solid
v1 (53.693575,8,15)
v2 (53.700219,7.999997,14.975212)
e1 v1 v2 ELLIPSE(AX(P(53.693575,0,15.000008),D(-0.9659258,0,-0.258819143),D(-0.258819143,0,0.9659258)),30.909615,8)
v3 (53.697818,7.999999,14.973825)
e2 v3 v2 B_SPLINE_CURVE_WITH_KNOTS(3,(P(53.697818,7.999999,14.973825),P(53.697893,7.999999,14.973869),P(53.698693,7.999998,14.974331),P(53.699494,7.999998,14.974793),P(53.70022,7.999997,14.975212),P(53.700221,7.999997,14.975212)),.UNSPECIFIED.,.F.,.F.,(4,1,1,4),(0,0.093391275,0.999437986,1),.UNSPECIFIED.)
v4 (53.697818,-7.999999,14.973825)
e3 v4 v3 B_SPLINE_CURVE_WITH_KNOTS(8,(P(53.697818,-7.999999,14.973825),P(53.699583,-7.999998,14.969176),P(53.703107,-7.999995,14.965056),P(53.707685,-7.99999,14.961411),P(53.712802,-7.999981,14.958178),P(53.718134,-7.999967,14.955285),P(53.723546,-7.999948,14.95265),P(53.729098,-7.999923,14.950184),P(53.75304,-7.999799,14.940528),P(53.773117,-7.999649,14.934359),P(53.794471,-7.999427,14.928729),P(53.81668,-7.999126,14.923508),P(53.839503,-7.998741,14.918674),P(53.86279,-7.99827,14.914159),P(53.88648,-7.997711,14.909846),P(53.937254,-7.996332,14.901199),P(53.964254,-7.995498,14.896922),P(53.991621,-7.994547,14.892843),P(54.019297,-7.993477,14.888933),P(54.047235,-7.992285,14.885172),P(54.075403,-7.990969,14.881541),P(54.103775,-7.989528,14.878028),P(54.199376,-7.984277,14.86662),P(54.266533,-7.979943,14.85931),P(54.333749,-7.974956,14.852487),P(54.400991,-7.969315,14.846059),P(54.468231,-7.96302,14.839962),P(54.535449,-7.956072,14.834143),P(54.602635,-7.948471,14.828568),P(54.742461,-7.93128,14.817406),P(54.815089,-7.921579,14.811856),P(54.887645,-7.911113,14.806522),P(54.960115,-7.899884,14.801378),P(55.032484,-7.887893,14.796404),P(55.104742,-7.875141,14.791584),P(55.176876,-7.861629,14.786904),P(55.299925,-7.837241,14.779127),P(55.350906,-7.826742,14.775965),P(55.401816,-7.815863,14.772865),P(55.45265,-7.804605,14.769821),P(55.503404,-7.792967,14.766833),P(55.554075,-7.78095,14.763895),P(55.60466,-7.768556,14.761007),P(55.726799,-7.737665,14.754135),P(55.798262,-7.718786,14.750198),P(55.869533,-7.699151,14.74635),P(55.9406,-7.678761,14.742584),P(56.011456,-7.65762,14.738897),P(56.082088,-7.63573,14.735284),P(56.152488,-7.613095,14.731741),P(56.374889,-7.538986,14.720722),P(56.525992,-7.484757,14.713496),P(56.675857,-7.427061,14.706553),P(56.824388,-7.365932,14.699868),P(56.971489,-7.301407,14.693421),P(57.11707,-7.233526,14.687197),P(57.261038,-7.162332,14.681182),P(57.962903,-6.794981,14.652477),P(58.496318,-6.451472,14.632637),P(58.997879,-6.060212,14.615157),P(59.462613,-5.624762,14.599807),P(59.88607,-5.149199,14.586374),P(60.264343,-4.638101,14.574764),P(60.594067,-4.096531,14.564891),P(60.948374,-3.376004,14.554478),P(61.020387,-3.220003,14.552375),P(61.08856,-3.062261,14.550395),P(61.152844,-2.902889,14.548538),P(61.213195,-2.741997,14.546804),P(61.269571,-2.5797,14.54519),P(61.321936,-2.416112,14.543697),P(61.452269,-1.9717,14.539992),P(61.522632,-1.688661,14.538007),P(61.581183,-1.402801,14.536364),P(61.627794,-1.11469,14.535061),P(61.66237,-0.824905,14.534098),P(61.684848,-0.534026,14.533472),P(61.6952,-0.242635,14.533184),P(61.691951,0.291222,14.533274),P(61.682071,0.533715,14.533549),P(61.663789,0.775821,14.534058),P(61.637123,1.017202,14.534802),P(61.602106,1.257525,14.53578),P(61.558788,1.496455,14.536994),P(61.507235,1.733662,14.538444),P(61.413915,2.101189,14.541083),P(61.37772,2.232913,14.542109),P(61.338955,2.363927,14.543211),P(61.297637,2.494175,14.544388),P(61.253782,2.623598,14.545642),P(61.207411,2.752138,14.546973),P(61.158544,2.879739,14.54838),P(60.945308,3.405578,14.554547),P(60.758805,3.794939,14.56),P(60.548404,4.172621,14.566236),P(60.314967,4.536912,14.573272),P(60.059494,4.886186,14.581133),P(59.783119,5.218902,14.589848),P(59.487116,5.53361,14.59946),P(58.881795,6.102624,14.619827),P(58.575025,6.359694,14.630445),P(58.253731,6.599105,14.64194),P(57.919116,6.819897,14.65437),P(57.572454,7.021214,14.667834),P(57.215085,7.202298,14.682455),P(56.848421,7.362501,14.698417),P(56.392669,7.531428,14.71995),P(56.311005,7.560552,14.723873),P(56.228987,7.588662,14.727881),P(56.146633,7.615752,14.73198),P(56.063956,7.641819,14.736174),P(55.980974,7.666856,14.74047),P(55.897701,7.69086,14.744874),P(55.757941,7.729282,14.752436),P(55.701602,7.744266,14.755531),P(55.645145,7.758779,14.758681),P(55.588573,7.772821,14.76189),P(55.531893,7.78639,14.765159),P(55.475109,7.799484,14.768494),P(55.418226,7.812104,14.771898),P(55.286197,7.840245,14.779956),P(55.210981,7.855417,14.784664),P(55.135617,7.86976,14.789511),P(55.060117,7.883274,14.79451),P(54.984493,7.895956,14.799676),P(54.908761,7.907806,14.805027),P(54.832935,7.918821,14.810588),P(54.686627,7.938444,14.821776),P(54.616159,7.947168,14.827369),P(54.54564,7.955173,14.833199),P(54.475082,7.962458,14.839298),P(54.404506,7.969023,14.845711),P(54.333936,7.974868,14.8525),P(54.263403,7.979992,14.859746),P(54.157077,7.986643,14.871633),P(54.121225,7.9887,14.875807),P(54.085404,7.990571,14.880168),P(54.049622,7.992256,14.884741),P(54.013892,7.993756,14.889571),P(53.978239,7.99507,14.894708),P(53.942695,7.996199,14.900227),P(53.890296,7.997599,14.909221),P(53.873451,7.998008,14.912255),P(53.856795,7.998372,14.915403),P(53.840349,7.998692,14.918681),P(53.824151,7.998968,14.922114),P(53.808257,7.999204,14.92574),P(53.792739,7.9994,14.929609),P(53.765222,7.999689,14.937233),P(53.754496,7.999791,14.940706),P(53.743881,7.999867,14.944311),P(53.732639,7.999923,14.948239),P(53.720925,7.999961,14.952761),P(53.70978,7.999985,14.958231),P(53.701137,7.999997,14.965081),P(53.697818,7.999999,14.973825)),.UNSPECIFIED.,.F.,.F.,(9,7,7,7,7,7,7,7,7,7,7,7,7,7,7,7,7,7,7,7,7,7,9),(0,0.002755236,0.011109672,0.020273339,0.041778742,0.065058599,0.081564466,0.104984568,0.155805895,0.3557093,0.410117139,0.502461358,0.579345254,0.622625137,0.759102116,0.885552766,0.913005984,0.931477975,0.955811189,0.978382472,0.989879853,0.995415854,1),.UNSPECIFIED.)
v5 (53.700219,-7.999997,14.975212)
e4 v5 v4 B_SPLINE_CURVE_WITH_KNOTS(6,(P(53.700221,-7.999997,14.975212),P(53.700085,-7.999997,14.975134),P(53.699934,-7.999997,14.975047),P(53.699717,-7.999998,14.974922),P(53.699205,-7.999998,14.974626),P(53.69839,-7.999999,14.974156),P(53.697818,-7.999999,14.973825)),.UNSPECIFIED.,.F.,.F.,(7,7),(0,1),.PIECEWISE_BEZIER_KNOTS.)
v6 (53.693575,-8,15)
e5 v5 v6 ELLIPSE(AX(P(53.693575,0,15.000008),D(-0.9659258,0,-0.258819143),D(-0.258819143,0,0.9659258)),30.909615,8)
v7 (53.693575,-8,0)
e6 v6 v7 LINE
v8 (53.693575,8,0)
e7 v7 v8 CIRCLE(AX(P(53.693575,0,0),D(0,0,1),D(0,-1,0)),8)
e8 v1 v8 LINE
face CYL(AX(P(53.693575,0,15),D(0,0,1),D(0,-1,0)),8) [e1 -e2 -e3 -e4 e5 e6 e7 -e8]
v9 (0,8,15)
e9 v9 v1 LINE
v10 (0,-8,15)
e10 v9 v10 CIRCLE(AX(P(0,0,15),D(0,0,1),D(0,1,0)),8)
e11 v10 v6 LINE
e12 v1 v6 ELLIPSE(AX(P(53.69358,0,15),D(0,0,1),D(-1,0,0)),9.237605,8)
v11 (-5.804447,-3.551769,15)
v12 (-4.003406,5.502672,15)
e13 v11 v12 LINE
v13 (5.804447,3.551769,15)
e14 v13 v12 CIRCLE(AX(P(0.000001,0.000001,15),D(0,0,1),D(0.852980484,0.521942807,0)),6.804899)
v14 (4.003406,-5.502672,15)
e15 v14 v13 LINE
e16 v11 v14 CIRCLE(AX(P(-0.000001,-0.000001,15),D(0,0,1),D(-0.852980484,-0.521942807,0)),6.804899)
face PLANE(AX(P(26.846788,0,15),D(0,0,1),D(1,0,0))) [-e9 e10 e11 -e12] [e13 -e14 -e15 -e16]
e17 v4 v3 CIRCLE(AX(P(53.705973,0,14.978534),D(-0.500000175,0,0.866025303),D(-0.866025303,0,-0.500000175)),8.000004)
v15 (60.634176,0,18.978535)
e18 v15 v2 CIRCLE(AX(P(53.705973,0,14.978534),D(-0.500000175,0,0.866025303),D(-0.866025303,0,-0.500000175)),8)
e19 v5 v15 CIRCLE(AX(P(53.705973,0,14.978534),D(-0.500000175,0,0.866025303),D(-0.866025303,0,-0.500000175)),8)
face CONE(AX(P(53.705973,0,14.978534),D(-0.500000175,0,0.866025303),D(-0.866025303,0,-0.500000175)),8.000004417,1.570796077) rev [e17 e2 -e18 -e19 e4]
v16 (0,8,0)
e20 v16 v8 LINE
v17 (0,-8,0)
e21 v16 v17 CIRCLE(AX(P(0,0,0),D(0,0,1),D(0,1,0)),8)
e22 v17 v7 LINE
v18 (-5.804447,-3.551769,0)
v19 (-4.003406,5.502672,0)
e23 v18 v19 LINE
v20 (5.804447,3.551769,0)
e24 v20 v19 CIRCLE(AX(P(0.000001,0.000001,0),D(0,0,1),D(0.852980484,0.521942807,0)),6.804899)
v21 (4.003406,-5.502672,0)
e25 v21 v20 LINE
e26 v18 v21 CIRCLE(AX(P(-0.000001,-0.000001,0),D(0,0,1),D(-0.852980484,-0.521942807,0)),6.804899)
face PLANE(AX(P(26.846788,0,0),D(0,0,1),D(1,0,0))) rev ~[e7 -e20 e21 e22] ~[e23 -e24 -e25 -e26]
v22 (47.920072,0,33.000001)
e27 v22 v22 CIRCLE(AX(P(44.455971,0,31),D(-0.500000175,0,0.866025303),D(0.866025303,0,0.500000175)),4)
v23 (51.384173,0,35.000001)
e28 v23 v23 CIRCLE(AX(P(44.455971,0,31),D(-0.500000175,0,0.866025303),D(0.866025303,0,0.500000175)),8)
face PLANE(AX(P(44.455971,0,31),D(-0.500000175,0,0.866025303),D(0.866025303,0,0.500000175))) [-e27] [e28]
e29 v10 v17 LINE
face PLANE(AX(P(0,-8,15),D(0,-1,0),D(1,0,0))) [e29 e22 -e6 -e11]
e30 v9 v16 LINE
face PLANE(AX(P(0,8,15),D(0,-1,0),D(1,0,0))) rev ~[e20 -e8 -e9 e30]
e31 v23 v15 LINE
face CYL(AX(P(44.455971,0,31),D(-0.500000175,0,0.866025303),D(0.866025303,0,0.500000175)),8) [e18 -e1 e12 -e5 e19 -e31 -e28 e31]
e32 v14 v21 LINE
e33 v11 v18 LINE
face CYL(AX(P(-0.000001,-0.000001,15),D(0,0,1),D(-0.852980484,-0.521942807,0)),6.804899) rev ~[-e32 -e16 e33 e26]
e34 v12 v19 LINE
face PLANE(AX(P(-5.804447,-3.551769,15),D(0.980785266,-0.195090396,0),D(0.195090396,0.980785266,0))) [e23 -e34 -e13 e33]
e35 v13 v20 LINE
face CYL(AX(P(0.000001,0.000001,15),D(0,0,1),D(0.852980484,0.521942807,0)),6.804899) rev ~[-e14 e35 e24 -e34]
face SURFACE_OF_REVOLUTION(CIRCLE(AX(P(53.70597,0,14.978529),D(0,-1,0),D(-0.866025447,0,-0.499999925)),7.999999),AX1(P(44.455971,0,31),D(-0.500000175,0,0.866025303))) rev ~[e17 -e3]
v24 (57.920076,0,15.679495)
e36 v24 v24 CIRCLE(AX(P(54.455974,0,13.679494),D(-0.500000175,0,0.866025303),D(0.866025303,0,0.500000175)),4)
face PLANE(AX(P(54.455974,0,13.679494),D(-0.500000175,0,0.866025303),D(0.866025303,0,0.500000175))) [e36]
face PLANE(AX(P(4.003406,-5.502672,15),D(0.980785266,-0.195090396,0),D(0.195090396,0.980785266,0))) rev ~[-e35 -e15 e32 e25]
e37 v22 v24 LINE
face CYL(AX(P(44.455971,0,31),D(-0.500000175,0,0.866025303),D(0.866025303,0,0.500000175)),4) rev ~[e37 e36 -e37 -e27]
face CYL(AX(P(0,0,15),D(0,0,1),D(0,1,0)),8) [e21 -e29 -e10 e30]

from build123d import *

# Parameters (mm, degrees)
SKETCH011_R     = 8
PAD003_DEPTH    = 18.5
PAD004_DEPTH    = 15
POCKET004_DEPTH = 15.001
SKETCH015_R     = 4
POCKET005_DEPTH = 20


with BuildPart() as part:
    # Sketch011 (on DatumPlane) → Pad003 (new body)
    with BuildSketch(Plane(origin=(44.455971, 0, 0), x_dir=(0.866025, 0, 0.5), z_dir=(-0.5, 0, 0.866025))):
        Circle(SKETCH011_R)
    extrude(amount=-PAD003_DEPTH)

    # Sketch012 → Revolution001 (revolve)
    with BuildSketch(Plane.XZ):
        with BuildLine():
            ThreePointArc((46.777767, -20.02147), (51.635418, -23.748877), (57.705971, -22.949673))
            Line((53.705971, -16.02147), (57.705971, -22.949673))
            Line((46.777767, -20.02147), (53.705971, -16.02147))
        make_face()
    revolve(axis=Axis((44.455971, 0, 0), (-0.5, 0, 0.866025)))

    # Sketch013 (on DatumPlane) → Pad004 (join)
    with BuildSketch(Plane.XY.offset(-16)):
        with BuildLine():
            ThreePointArc((0, 8), (-8, 0), (0, -8))
            Line((0, -8), (53.693575, -8))
            ThreePointArc((53.693575, -8), (61.693575, 0), (53.693575, 8))
            Line((0, 8), (53.693575, 8))
        make_face()
    extrude(amount=-PAD004_DEPTH)

    # Sketch014 (on DatumPlane) → Pocket004 (cut, through all)
    with BuildSketch(Plane.XY.offset(-16)):
        with BuildLine():
            ThreePointArc((5.804447, 3.551769), (1.32757, 6.674146), (-4.003406, 5.502672))
            Line((-5.804447, -3.551769), (-4.003406, 5.502672))
            ThreePointArc((-5.804447, -3.551769), (-1.32757, -6.674146), (4.003406, -5.502672))
            Line((4.003406, -5.502672), (5.804447, 3.551769))
        make_face()
    extrude(amount=-POCKET004_DEPTH, mode=Mode.SUBTRACT)

    # Sketch015 (on Face6 of Pocket004) → Pocket005 (cut)
    with BuildSketch(Plane(origin=(44.455971, 0, 0), x_dir=(0.866025, 0, 0.5), z_dir=(-0.5, 0, 0.866025))):
        Circle(SKETCH015_R)
    extrude(amount=-POCKET005_DEPTH, mode=Mode.SUBTRACT)


with BuildPart() as part_1:
    # Body002 placement: moved
    add(part.part.moved(Location((0, 0, 31))))


solid = part_1.part
